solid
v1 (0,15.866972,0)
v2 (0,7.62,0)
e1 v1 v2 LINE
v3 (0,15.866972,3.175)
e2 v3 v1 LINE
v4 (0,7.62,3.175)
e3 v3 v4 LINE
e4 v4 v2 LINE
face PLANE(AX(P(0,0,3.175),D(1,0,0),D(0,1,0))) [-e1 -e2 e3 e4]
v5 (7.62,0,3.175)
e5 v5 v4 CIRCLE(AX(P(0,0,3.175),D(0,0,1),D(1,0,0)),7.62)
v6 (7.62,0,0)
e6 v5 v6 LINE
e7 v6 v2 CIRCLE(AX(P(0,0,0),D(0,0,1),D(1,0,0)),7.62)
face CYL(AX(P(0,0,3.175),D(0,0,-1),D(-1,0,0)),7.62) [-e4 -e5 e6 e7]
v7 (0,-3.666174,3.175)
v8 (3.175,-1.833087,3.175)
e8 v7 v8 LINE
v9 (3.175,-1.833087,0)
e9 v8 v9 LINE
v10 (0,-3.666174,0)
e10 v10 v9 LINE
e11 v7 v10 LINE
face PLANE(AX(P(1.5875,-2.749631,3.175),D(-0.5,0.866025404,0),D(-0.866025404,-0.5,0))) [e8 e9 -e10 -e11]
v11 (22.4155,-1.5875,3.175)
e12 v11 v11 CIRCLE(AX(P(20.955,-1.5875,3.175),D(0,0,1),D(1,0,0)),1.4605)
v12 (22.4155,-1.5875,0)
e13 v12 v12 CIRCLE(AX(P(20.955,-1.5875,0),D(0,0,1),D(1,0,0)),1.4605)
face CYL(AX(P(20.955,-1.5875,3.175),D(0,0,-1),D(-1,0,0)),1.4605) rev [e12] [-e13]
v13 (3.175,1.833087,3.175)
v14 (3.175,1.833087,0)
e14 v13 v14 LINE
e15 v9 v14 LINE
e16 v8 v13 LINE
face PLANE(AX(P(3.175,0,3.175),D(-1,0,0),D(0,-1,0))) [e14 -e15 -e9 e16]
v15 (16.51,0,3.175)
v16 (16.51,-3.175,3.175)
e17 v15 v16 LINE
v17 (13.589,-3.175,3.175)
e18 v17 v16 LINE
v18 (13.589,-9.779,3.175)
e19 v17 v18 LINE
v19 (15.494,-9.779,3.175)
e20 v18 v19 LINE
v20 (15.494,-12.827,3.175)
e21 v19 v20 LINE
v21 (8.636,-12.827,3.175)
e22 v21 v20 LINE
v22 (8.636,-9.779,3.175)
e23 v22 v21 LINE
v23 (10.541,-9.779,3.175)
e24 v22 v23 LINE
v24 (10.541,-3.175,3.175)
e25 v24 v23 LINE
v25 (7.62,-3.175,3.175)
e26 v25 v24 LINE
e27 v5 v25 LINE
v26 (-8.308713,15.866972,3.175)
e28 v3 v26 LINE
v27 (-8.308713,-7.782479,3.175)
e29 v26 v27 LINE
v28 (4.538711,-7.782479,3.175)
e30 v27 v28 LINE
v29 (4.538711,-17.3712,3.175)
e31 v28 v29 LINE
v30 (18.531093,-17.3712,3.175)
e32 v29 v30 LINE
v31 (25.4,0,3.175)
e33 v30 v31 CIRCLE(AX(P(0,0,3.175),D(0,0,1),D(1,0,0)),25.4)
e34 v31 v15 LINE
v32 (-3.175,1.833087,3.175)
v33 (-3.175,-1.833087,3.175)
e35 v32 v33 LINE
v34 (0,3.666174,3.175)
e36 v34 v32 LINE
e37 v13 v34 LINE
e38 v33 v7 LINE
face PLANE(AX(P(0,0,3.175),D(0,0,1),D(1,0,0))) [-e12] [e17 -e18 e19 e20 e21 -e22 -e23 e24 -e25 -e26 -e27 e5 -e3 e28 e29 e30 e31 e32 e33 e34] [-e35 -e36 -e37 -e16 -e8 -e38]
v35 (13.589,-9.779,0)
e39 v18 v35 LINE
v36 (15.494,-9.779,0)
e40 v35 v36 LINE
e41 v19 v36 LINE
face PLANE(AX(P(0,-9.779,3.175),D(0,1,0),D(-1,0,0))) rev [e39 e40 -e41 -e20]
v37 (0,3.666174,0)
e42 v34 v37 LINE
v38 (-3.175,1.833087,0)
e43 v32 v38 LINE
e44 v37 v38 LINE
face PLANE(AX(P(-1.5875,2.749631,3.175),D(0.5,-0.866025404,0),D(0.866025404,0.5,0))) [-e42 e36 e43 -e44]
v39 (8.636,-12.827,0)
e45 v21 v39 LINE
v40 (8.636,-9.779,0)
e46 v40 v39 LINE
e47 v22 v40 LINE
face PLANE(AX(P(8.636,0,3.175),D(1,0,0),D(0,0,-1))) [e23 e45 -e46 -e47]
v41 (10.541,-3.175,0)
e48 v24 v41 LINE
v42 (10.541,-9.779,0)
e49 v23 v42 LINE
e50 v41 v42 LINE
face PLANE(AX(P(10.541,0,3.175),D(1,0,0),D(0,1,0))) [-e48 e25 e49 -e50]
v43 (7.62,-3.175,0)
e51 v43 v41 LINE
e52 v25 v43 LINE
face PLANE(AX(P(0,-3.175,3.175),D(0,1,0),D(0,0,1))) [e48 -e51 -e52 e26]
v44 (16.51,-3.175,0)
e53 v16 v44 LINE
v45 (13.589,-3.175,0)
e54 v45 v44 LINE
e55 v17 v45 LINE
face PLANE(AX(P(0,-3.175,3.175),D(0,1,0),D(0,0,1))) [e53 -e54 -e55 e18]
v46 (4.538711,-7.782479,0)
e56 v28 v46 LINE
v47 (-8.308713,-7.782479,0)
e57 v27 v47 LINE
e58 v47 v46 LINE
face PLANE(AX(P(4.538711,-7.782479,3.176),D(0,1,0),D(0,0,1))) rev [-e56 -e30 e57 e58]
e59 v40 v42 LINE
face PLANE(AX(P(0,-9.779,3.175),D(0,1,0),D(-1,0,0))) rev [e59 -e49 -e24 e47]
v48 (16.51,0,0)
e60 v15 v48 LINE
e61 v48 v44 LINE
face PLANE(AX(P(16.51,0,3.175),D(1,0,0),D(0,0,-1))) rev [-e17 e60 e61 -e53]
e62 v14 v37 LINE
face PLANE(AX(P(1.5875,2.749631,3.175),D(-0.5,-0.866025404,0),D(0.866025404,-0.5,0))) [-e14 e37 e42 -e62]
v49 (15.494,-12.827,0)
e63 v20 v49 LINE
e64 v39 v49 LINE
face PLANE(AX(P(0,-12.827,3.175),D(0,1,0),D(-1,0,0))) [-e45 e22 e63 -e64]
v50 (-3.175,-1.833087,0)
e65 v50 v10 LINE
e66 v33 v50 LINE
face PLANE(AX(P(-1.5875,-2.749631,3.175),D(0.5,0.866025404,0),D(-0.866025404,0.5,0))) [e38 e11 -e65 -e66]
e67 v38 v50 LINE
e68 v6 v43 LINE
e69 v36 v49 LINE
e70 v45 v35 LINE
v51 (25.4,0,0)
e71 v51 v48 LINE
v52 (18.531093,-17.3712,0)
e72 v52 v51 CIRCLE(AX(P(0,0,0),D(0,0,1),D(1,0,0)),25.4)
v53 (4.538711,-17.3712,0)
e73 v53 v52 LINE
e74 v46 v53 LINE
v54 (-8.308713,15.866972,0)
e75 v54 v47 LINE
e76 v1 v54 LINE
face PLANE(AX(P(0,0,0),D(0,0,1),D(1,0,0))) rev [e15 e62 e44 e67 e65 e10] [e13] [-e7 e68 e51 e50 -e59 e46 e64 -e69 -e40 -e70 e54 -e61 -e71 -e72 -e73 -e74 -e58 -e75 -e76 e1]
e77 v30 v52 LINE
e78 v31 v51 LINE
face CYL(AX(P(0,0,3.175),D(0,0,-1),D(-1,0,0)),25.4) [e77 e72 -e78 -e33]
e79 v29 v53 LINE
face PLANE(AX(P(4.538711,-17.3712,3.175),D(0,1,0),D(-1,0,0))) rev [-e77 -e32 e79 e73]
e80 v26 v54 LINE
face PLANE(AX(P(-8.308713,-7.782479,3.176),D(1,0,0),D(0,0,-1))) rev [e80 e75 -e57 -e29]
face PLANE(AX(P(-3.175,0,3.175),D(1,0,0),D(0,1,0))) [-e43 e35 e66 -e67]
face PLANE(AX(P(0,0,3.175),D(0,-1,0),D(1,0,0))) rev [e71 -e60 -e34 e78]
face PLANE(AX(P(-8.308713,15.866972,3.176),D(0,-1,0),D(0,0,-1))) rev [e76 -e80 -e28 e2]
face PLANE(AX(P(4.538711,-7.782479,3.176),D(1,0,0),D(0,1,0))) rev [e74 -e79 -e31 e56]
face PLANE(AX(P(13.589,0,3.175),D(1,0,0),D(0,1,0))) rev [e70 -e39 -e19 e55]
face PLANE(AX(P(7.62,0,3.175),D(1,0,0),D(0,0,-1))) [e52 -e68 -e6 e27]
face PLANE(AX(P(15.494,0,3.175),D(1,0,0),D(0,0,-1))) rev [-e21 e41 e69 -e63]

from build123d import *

# Parameters (mm, degrees)
SKETCH1_R           = 1.4605
BOSS_EXTRUDE1_DEPTH = 3.175
CUT_EXTRUDE1_REACH  = 105.107
CUT_EXTRUDE2_REACH  = 105.107
SKETCH4_W           = 25.4
SKETCH4_H           = 7.62
CUT_EXTRUDE3_DEPTH  = 36.774302562


with BuildPart() as part:
    # Sketch1 → Boss-Extrude1 (new body)
    with BuildSketch(Plane.XY):
        with BuildLine():
            Line((0, 7.62), (0, 25.4))
            ThreePointArc((0, 25.4), (-17.960512242, -17.960512242), (25.4, 0))
            Line((25.4, 0), (16.51, 0))
            Line((16.51, 0), (16.51, -3.175))
            Line((16.51, -3.175), (13.589, -3.175))
            Line((13.589, -3.175), (13.589, -9.779))
            Line((13.589, -9.779), (15.494, -9.779))
            Line((15.494, -9.779), (15.494, -12.827))
            Line((15.494, -12.827), (13.589, -12.827))
            Line((13.589, -12.827), (10.541, -12.827))
            Line((10.541, -12.827), (8.636, -12.827))
            Line((8.636, -12.827), (8.636, -9.779))
            Line((8.636, -9.779), (10.541, -9.779))
            Line((10.541, -9.779), (10.541, -3.175))
            Line((10.541, -3.175), (7.62, -3.175))
            Line((7.62, -3.175), (7.62, 0))
            ThreePointArc((7.62, 0), (5.388153673, 5.388153673), (0, 7.62))
        make_face()
        with Locations((20.955, -1.5875)):
            Circle(SKETCH1_R, mode=Mode.SUBTRACT)
        Polygon((3.175, 1.833087105), (3.175, -1.833087105), (0, -3.666174209), (-3.175, -1.833087105), (-3.175, 1.833087105), (0, 3.666174209), align=None, mode=Mode.SUBTRACT)
    extrude(amount=BOSS_EXTRUDE1_DEPTH)

    # Sketch2 → Cut-Extrude1 (cut, up to next)
    with BuildSketch(Plane(origin=(0, 0, -93.472), x_dir=(-1, 0, 0), z_dir=(0, 0, -1)), mode=Mode.PRIVATE) as cut_extrude1_sk1:
        Polygon((-4.538711403, -7.782479393), (27.834438784, -7.782479393), (16.089332095, -38.12601526), (-4.538711403, -36.427419359), align=None)
    cut_extrude1_tool1 = extrude(cut_extrude1_sk1.sketch, amount=-CUT_EXTRUDE1_REACH, mode=Mode.PRIVATE) & part.part
    add(cut_extrude1_tool1.solids().sort_by_distance((-9.075281, -21.483297, -93.472))[0], mode=Mode.SUBTRACT)

    # Sketch3 → Cut-Extrude2 (cut, up to next)
    with BuildSketch(Plane(origin=(0, 0, -93.472), x_dir=(-1, 0, 0), z_dir=(0, 0, -1)), mode=Mode.PRIVATE) as cut_extrude2_sk1:
        Polygon((8.30871298, -7.782479393), (8.30871298, 15.866972004), (0, 15.866972004), (0, 32.212276886), (53.906645957, 11.420627768), (19.587788586, -19.264211479), align=None)
    cut_extrude2_tool1 = extrude(cut_extrude2_sk1.sketch, amount=-CUT_EXTRUDE2_REACH, mode=Mode.PRIVATE) & part.part
    add(cut_extrude2_tool1.solids().sort_by_distance((-22.758535, 7.548852, -93.472))[0], mode=Mode.SUBTRACT)

    # Sketch4 → Cut-Extrude3 (cut, through all)
    with BuildSketch(Plane(origin=(0, 0, 0), x_dir=(-1, 0, 0), z_dir=(0, 0, -1))):
        with Locations((-17.238711403, -21.181200427)):
            Rectangle(SKETCH4_W, SKETCH4_H)
    extrude(amount=-CUT_EXTRUDE3_DEPTH, mode=Mode.SUBTRACT)


solid = part.part
